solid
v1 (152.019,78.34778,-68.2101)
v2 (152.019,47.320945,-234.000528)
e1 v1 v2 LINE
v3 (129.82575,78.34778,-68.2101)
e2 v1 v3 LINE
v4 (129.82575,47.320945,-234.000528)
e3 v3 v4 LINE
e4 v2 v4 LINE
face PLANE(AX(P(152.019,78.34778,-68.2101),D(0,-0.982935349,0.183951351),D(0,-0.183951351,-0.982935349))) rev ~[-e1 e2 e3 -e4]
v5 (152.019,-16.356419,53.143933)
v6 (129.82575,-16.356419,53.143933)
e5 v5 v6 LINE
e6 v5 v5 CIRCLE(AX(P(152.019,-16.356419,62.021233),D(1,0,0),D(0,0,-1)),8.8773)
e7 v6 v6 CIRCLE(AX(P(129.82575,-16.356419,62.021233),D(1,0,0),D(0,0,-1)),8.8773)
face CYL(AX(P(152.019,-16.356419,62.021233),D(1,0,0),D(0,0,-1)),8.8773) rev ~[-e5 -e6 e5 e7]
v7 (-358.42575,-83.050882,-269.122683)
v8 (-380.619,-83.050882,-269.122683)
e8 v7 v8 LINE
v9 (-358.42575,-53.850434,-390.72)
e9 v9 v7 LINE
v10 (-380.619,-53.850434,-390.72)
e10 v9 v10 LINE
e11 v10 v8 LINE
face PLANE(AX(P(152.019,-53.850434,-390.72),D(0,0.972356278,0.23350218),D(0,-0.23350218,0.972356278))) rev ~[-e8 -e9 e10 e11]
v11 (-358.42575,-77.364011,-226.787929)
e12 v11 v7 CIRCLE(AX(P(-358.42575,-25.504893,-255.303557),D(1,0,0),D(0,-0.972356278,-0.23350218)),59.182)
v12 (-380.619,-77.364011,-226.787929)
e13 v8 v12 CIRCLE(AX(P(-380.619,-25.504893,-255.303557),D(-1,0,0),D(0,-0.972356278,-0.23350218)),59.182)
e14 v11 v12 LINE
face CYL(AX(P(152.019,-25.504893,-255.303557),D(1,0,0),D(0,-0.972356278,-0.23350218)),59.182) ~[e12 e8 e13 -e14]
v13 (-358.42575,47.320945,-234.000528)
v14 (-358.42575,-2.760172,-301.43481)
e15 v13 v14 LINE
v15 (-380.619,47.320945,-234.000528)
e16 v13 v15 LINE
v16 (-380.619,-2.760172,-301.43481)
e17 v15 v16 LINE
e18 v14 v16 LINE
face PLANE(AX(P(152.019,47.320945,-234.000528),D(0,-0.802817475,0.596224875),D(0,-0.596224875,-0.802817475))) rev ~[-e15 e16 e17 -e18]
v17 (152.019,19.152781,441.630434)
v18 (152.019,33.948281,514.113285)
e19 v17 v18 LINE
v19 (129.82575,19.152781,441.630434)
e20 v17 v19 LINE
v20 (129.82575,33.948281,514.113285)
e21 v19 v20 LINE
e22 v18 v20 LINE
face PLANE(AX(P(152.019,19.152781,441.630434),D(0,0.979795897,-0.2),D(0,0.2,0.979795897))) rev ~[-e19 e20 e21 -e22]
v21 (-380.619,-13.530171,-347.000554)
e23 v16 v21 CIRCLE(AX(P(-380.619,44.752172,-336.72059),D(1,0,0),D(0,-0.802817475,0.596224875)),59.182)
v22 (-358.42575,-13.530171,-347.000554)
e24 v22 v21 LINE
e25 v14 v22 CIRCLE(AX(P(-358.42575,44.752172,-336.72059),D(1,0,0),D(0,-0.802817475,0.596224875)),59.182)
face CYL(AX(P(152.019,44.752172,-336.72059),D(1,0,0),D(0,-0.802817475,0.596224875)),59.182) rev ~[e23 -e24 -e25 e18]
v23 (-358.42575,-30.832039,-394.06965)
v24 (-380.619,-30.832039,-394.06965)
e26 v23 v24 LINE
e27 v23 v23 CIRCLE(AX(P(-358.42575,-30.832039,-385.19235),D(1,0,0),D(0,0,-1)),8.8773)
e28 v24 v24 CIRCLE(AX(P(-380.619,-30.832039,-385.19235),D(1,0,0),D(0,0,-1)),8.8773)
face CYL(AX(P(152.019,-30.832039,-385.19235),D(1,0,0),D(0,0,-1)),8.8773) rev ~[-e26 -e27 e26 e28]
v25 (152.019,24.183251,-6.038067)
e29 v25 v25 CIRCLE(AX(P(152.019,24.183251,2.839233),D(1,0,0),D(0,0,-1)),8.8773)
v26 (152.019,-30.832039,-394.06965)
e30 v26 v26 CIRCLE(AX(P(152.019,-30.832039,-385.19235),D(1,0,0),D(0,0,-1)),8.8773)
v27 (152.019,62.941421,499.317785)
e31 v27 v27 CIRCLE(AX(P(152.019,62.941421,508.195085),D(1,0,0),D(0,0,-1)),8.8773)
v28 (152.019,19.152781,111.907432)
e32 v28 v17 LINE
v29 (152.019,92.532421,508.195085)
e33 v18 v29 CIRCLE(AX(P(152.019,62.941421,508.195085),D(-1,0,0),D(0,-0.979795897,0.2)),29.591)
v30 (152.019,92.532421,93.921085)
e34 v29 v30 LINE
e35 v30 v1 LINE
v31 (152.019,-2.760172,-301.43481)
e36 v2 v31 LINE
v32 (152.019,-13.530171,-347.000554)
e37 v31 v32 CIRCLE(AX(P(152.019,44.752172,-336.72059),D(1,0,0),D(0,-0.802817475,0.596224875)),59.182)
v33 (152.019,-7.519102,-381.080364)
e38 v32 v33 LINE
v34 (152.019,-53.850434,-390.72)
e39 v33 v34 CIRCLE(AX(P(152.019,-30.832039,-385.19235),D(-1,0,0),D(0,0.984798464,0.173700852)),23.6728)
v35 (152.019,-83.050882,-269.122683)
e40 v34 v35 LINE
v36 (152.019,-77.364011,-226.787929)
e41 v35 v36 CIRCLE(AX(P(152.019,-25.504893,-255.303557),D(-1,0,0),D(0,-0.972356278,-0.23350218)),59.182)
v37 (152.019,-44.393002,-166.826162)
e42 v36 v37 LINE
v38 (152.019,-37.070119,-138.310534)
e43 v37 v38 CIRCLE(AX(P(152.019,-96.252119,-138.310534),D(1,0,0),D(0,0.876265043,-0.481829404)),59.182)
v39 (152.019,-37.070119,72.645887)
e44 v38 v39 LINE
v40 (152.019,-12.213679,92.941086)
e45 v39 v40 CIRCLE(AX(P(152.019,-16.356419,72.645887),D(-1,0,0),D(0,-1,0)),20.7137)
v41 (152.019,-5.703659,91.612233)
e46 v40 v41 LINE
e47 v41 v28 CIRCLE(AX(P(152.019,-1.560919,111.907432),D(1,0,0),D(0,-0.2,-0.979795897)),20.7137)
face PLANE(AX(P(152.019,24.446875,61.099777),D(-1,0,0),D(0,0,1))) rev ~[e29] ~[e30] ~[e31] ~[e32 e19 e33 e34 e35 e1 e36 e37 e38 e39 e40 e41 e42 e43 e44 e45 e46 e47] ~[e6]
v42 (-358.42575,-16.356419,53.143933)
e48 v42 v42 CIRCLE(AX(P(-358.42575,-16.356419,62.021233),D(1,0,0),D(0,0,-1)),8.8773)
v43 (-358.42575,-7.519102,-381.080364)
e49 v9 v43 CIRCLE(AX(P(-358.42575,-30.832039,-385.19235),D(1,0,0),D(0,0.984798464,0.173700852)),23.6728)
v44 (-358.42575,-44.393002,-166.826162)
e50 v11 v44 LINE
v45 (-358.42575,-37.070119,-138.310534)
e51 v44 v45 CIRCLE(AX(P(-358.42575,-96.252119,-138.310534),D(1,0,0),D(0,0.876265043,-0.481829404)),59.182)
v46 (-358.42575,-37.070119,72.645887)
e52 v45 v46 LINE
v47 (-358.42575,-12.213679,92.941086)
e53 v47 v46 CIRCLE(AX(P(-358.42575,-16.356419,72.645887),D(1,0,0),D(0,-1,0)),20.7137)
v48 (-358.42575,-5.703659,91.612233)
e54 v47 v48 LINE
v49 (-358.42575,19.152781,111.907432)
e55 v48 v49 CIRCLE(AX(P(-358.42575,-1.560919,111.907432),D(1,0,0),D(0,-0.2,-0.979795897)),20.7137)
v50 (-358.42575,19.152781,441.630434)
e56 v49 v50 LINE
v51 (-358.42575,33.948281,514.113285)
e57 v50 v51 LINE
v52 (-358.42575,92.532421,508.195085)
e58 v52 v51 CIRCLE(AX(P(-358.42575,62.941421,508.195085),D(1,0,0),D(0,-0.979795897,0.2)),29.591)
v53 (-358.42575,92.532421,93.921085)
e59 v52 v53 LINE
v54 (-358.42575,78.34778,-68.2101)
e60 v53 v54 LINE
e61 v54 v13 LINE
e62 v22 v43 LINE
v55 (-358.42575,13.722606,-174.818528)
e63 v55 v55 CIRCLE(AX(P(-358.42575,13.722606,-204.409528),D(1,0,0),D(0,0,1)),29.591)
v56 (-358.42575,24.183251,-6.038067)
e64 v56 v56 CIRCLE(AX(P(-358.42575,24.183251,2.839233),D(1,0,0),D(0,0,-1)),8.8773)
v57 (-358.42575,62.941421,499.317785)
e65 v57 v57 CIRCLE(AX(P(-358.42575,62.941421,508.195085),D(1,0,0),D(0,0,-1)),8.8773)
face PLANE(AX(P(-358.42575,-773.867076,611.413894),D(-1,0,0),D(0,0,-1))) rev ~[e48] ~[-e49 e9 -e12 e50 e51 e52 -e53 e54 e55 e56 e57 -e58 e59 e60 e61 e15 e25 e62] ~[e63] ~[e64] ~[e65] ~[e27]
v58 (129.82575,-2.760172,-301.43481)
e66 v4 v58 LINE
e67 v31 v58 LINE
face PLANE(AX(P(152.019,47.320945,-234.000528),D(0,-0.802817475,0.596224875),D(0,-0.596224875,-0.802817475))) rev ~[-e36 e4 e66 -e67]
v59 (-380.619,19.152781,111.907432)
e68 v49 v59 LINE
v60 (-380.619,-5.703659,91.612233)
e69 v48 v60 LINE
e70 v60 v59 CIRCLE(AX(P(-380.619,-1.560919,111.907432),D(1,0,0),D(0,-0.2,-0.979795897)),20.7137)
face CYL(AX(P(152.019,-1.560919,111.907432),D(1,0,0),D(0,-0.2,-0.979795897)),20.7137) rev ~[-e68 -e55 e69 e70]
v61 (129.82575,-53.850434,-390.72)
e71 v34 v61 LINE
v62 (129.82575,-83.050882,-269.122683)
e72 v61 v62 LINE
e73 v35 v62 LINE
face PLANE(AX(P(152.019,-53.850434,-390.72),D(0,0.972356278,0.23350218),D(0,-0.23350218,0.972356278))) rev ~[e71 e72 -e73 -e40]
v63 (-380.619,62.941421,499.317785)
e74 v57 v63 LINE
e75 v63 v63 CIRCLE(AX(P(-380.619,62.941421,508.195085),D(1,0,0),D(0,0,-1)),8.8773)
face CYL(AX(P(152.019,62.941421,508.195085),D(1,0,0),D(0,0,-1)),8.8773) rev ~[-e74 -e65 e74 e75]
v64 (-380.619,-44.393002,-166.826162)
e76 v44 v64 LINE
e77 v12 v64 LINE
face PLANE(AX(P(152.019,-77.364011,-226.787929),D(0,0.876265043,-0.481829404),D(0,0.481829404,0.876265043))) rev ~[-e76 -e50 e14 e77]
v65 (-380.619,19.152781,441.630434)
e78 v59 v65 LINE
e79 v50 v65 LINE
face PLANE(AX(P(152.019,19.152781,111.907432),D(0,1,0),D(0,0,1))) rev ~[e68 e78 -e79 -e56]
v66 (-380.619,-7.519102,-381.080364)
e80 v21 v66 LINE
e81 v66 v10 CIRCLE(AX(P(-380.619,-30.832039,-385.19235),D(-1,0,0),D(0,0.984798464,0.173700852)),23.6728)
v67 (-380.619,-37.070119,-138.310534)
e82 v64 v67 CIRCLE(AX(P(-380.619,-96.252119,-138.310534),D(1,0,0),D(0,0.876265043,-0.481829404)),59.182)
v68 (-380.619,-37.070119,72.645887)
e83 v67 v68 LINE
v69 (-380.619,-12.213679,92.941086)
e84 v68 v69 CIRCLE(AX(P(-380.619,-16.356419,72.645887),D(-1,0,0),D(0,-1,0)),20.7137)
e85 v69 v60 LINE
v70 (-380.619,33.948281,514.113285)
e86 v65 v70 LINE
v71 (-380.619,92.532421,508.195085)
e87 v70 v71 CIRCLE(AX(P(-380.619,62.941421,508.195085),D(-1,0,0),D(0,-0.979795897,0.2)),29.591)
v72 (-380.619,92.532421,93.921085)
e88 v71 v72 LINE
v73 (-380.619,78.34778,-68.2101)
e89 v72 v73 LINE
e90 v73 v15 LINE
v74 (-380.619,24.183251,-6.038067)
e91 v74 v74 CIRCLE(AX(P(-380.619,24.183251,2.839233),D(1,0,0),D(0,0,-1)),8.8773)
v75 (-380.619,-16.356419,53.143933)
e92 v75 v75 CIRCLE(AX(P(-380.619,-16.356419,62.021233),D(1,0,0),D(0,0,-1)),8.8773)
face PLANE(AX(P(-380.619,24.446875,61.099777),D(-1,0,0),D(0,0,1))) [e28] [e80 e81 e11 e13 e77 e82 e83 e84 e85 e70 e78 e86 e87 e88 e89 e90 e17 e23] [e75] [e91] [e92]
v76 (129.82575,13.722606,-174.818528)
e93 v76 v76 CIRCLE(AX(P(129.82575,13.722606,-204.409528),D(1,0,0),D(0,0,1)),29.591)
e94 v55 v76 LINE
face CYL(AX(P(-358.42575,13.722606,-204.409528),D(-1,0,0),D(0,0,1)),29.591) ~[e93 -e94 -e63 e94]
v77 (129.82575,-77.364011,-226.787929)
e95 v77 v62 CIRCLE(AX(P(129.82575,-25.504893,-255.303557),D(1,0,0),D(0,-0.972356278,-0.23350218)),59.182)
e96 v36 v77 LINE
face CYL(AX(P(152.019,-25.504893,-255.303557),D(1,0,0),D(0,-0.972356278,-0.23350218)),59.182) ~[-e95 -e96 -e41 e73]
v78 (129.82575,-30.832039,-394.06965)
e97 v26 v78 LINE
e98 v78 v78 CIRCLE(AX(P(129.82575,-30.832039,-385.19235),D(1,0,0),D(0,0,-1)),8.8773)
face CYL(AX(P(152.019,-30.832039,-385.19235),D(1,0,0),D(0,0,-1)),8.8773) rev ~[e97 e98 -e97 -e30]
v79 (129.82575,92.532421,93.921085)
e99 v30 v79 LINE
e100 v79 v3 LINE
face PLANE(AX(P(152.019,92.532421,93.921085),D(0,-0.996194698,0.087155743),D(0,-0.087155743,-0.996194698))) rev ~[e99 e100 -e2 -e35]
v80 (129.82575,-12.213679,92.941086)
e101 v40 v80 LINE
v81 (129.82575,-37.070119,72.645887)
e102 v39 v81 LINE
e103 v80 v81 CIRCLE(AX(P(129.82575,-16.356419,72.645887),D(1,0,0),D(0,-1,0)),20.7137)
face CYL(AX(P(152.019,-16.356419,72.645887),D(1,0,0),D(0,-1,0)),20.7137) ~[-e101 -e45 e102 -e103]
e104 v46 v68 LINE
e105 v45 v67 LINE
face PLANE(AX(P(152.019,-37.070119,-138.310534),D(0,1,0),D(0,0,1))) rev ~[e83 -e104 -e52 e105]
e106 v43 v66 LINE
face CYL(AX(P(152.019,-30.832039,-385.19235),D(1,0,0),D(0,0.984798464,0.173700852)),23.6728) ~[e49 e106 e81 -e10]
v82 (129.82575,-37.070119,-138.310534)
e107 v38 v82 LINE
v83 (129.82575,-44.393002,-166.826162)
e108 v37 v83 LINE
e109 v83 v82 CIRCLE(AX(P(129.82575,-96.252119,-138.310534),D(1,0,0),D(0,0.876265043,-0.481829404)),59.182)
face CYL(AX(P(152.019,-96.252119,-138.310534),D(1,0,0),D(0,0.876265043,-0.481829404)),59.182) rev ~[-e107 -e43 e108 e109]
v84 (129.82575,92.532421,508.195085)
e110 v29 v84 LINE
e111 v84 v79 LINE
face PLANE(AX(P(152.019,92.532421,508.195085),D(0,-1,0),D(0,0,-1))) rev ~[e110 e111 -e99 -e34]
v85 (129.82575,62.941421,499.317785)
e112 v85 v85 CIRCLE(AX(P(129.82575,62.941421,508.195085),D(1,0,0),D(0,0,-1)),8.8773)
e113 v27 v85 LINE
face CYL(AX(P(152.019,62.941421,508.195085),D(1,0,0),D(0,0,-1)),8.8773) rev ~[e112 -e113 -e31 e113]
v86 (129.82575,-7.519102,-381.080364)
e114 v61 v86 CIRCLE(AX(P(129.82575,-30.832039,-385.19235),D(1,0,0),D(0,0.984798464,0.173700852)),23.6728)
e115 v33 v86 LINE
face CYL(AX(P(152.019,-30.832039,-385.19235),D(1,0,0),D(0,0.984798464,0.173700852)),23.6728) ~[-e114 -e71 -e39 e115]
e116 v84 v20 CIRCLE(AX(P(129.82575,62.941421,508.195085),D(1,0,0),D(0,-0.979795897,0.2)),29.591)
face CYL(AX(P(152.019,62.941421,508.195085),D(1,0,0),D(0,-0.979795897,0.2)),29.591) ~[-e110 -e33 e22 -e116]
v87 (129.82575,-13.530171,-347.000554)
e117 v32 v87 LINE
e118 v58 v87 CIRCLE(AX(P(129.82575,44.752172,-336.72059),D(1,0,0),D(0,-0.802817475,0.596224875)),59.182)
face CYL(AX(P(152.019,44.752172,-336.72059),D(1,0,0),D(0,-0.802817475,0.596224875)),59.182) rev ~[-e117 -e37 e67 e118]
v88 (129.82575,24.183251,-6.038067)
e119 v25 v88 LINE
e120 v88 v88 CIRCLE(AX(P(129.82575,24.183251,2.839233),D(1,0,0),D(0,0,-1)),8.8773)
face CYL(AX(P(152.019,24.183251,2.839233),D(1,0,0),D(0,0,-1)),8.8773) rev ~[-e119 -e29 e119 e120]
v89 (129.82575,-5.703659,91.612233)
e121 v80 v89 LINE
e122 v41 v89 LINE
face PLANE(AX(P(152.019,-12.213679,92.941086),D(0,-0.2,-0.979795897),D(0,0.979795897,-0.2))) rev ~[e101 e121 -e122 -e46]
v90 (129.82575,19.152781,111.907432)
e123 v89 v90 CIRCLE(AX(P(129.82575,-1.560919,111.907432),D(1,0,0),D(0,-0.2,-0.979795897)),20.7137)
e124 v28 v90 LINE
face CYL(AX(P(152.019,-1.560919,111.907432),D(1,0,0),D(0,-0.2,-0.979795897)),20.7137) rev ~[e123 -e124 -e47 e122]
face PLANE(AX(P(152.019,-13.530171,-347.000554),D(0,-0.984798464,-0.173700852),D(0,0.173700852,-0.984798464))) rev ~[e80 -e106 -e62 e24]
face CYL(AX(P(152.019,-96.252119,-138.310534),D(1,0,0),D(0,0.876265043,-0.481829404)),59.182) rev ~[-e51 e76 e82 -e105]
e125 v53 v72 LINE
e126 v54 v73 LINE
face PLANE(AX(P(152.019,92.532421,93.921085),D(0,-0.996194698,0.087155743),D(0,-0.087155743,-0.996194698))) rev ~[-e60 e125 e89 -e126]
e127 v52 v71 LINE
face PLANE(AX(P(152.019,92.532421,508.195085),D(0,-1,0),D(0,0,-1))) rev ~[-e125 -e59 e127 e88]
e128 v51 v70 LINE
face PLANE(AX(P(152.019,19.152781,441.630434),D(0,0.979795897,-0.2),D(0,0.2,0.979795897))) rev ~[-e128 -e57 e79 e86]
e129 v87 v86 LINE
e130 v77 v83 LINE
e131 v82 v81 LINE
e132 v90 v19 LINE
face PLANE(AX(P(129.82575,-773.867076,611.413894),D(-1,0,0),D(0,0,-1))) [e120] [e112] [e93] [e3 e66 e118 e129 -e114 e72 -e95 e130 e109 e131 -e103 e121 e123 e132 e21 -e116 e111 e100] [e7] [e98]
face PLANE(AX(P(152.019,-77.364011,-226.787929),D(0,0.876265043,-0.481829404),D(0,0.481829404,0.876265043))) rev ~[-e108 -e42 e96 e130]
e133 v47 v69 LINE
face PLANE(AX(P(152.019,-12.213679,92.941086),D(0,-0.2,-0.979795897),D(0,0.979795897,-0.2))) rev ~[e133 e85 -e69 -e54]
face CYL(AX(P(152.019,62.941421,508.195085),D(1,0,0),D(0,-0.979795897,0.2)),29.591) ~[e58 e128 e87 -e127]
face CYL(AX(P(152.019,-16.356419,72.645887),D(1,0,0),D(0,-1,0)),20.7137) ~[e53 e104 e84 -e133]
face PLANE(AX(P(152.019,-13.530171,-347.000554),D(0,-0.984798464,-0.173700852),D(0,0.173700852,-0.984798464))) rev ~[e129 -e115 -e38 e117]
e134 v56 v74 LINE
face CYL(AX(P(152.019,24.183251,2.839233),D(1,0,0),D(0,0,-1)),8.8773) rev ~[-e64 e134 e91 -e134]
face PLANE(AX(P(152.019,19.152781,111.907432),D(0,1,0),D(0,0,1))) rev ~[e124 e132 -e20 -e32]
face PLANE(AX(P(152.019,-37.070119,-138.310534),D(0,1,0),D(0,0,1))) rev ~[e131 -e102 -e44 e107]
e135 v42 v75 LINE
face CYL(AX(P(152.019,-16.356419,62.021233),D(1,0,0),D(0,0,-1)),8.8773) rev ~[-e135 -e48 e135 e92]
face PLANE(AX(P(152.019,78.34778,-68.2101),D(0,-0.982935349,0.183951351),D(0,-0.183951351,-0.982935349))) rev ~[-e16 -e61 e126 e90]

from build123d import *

# Parameters (mm, degrees)
SKETCH1_R               = 3.81
BOSS_EXTRUDE2_DEPTH     = 228.6
CUT_EXTRUDE1_DEPTH      = 319.859436188
CUT_EXTRUDE1_DEPTH_BACK = 319.859436188
SKETCH3_W               = 209.55
SKETCH3_H               = 457.691503211
SKETCH4_R               = 12.7
BOSS_EXTRUDE3_DEPTH     = 209.55
SCALE1_SCALE            = 2.33


with BuildPart() as part:
    # Sketch1 → Boss-Extrude2 (new body)
    with BuildSketch(Plane(origin=(0, 0, 0), x_dir=(0, 0, -1), z_dir=(1, 0, 0))):
        with BuildLine():
            Line((-203.426935692, 51.985841481), (-25.626935692, 51.985841481))
            Line((-25.626935692, 51.985841481), (43.95726397, 45.89801285))
            Line((43.95726397, 45.89801285), (115.111953895, 32.581774579))
            Line((115.111953895, 32.581774579), (144.05370572, 11.087732787))
            ThreePointArc((144.05370572, 11.087732787), (153.355215288, 6.760397028), (163.609819182, 6.46541568))
            Line((163.609819182, 6.46541568), (178.236347054, 9.045273838))
            ThreePointArc((178.236347054, 9.045273838), (189.948133915, 1.109278265), (182.373529856, -10.839418341))
            Line((182.373529856, -10.839418341), (130.185840083, -23.371799314))
            ThreePointArc((130.185840083, -23.371799314), (120.873250401, -23.847836103), (112.016417856, -20.931081935))
            Line((112.016417856, -20.931081935), (86.281753804, -6.780434321))
            ThreePointArc((86.281753804, -6.780434321), (80.361073143, -4.435827092), (74.043286945, -3.637566412))
            Line((74.043286945, -3.637566412), (-16.495949676, -3.637566412))
            ThreePointArc((-16.495949676, -3.637566412), (-23.382114066, -0.370096092), (-25.206335201, 7.030433588))
            Line((-25.206335201, 7.030433588), (-24.63601234, 9.824433588))
            ThreePointArc((-24.63601234, 9.824433588), (-26.460233475, 17.224963268), (-33.346397865, 20.492433588))
            Line((-33.346397865, 20.492433588), (-174.858415958, 20.492433588))
            Line((-174.858415958, 20.492433588), (-205.966935692, 26.842433588))
            ThreePointArc((-205.966935692, 26.842433588), (-216.062624835, 40.562305299), (-203.426935692, 51.985841481))
        make_face()
        with Locations((-203.426935692, 39.285841481)):
            Circle(SKETCH1_R, mode=Mode.SUBTRACT)
        with Locations((-11.93601234, 5.252433588)):
            Circle(SKETCH1_R, mode=Mode.SUBTRACT)
        with Locations((13.46398766, 22.651433588)):
            Circle(SKETCH1_R, mode=Mode.SUBTRACT)
        with Locations((180.001147709, -0.960278553)):
            Circle(SKETCH1_R, mode=Mode.SUBTRACT)
    extrude(amount=-BOSS_EXTRUDE2_DEPTH)

    # Sketch3 → Cut-Extrude1 (cut, two sides: drawn at the far end of the back side and taken through both)
    with BuildSketch(Plane(origin=(0, 0, 0), x_dir=(1, 0, 0), z_dir=(0, 1, 0)).offset(-CUT_EXTRUDE1_DEPTH_BACK)):
        with Locations((-114.3, -18.881102173)):
            Rectangle(SKETCH3_W, SKETCH3_H)
    extrude(amount=CUT_EXTRUDE1_DEPTH + CUT_EXTRUDE1_DEPTH_BACK, mode=Mode.SUBTRACT)


with BuildPart() as cut_extrude1_piece_1:
    # of the separate pieces the step leaves, piece 1, a body of its own (cut_extrude1_pieces)
    add(part.part.solids().sort_by_distance((0, 51.985841481, 203.426935692))[0])



with BuildPart() as cut_extrude1_piece_2:
    # of the separate pieces the step leaves, piece 2, a body of its own (cut_extrude1_pieces)
    add(part.part.solids().sort_by_distance((-219.075, 51.985841481, 203.426935692))[0])


with BuildPart() as cut_extrude1_piece_1_1:
    add(cut_extrude1_piece_1.part)

    add(cut_extrude1_piece_2.part)  # Boss-Extrude3 merges Cut-Extrude1 piece 2
    # Sketch4 → Boss-Extrude3 (add)
    with BuildSketch(Plane(origin=(-219.075, 0, 0), x_dir=(0, 0, -1), z_dir=(1, 0, 0))):
        with Locations(Location((102.411953895, 18.161886375, 0), (0, 0, 180))):
            Circle(SKETCH4_R)
    extrude(amount=BOSS_EXTRUDE3_DEPTH)


with BuildPart() as cut_extrude1_piece_1_2:
    # Scale1: scaled about (-114.3, 21.499691493, -25.72204861)
    add(cut_extrude1_piece_1_1.part.scale(SCALE1_SCALE).moved(Location((152.019, -28.594589686, 34.210324651))))


solid = cut_extrude1_piece_1_2.part
